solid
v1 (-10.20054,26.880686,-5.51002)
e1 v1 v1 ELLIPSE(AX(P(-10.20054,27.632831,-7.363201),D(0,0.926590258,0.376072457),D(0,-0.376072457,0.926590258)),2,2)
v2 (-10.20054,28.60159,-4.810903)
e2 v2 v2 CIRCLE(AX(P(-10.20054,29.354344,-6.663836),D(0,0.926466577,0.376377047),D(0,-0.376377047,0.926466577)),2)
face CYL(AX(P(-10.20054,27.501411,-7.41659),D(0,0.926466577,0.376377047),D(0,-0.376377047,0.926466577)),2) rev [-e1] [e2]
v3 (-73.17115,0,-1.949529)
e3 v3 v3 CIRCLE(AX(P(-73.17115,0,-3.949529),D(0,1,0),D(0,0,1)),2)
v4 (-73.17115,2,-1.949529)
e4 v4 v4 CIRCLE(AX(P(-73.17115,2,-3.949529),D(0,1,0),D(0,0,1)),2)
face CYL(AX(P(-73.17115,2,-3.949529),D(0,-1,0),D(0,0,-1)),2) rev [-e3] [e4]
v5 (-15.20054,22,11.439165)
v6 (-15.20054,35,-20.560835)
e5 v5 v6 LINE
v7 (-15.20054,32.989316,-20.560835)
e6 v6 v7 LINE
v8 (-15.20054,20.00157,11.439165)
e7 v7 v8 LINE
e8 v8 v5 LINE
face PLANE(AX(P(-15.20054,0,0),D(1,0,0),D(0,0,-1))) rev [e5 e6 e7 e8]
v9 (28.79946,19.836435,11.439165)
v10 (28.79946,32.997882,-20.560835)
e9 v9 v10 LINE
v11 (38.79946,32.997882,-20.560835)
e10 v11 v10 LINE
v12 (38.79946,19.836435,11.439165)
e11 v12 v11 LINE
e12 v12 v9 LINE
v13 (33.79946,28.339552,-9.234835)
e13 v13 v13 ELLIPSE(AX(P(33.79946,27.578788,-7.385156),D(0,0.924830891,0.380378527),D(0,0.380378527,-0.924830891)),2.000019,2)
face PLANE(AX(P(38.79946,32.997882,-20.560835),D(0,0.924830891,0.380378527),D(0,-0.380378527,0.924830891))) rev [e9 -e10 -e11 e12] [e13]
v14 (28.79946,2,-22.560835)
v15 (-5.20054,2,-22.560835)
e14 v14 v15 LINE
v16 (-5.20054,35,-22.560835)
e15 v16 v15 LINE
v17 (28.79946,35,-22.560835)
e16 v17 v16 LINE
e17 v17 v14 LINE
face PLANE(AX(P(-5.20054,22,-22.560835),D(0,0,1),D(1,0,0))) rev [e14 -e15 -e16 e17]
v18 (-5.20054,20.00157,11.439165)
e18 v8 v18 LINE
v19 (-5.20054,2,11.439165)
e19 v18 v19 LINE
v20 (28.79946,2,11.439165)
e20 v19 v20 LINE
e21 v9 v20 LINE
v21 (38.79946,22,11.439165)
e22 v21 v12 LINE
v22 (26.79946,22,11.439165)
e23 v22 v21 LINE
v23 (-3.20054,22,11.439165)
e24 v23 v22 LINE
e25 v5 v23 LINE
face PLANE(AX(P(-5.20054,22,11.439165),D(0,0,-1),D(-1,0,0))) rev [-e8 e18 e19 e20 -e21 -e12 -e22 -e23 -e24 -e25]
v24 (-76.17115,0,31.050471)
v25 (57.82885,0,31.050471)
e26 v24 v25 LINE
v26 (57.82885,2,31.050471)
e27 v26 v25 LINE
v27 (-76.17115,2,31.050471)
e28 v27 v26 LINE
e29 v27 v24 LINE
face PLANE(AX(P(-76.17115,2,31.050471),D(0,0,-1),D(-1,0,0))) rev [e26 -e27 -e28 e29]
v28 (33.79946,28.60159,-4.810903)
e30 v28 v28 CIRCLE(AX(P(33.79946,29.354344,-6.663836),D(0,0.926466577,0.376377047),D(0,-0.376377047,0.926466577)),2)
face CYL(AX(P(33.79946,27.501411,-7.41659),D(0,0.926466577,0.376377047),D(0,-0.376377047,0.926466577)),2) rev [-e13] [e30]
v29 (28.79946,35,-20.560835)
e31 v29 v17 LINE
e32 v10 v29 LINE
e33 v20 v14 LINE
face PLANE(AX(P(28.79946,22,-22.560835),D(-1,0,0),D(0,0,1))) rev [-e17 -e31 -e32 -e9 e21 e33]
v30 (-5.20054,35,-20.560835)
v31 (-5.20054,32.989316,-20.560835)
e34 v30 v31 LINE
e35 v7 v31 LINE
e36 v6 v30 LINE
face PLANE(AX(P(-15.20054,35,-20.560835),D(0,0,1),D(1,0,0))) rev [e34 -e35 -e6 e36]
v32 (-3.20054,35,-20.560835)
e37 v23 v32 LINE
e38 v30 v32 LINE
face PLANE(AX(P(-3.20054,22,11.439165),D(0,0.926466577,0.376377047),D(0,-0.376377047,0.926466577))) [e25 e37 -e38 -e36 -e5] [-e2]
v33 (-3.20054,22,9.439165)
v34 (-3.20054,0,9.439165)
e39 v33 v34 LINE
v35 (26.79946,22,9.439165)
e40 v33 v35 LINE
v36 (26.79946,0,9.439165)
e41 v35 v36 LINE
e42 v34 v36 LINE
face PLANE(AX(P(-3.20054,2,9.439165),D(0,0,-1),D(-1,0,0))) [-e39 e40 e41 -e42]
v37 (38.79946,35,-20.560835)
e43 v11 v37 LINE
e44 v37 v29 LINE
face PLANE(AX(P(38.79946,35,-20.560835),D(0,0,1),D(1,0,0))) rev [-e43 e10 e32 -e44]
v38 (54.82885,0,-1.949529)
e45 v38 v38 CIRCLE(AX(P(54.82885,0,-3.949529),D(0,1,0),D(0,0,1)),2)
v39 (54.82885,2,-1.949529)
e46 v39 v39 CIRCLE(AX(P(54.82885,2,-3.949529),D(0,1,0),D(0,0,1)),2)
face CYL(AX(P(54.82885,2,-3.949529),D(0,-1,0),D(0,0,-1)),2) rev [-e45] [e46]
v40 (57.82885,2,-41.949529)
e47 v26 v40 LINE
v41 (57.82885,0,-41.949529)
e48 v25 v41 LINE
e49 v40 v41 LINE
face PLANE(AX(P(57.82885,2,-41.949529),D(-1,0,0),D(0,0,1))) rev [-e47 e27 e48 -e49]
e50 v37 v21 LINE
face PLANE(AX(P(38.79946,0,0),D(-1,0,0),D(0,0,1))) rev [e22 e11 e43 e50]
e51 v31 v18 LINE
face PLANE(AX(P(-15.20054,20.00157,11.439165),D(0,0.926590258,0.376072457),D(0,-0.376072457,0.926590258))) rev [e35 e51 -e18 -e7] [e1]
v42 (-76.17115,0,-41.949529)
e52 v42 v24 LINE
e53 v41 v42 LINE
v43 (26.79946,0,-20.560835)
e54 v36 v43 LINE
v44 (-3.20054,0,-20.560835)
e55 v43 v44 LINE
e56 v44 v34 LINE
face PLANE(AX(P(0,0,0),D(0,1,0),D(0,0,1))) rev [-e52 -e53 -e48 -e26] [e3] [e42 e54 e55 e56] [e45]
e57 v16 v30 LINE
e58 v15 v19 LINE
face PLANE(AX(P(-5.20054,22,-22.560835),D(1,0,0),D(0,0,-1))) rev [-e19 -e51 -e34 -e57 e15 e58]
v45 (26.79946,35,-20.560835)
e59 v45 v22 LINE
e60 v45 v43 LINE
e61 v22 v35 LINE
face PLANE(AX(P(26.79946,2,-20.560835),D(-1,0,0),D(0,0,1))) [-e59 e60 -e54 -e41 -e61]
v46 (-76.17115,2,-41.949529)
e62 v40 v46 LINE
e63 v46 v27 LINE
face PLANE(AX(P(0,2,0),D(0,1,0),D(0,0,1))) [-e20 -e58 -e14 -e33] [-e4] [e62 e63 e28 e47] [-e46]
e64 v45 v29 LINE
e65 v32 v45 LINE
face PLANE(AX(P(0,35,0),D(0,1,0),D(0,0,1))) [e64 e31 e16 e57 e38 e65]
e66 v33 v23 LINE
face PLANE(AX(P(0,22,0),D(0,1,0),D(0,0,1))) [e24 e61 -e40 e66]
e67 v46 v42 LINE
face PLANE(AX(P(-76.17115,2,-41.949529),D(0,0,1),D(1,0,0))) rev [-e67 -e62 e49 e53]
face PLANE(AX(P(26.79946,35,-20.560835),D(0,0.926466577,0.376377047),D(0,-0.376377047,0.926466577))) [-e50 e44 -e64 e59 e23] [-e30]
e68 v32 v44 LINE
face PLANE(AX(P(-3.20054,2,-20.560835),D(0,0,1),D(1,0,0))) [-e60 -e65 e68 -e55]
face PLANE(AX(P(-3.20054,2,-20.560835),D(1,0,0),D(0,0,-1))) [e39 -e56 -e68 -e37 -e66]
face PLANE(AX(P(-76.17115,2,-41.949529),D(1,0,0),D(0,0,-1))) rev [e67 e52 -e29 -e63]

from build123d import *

# Parameters (mm, degrees)
SKETCH_1_W          = 134
SKETCH_1_H          = 73
SKETCH_1_R          = 2
SKETCH_1_W_2        = 30
SKETCH_1_H_2        = 30
EXTRUDE_1_DEPTH     = 2
SKETCH_2_W          = 34
SKETCH_2_H          = 34
SKETCH_2_W_2        = 30
SKETCH_2_H_2        = 30
EXTRUDE_2_DEPTH     = 20
SKETCH_3_W          = 34
SKETCH_3_H          = 2
EXTRUDE_4_DEPTH     = 13
EXTRUDE_5_DEPTH     = 2
EXTRUDE_6_DEPTH     = 2
EXTRUDE_8_DEPTH     = 10
EXTRUDE_9_DEPTH     = 10
SKETCH_9_R          = 2
CUT_EXTRUDE_1_DEPTH = 2


with BuildPart() as part:
    # 草图1 → 凸台-拉伸1 (new body)
    with BuildSketch(Plane(origin=(0, 0, 0), x_dir=(1, 0, 0), z_dir=(0, 1, 0))):
        with Locations((-9.171149658, 5.449528879)):
            Rectangle(SKETCH_1_W, SKETCH_1_H)
        with Locations(Location((-73.171149658, 3.949528879, 0), (0, 0, 270))):
            Circle(SKETCH_1_R, mode=Mode.SUBTRACT)
        with Locations(Location((54.828850342, 3.949528879, 0), (0, 0, 270))):
            Circle(SKETCH_1_R, mode=Mode.SUBTRACT)
        with Locations((11.799460463, 5.560834735)):
            Rectangle(SKETCH_1_W_2, SKETCH_1_H_2, mode=Mode.SUBTRACT)
    extrude(amount=EXTRUDE_1_DEPTH)

    # 草图2 → 凸台-拉伸2 (add)
    with BuildSketch(Plane(origin=(0, 2, 0), x_dir=(1, 0, 0), z_dir=(0, 1, 0))):
        with Locations((11.799460463, 5.560834735)):
            Rectangle(SKETCH_2_W, SKETCH_2_H)
        with Locations((11.799460463, 5.560834735)):
            Rectangle(SKETCH_2_W_2, SKETCH_2_H_2, mode=Mode.SUBTRACT)
    extrude(amount=EXTRUDE_2_DEPTH)

    # 草图3 → 凸台-拉伸4 (add)
    with BuildSketch(Plane(origin=(0, 22, 0), x_dir=(1, 0, 0), z_dir=(0, 1, 0))):
        with Locations((11.799460463, 21.560834735)):
            Rectangle(SKETCH_3_W, SKETCH_3_H)
    extrude(amount=EXTRUDE_4_DEPTH)

    # 草图5 → 凸台-拉伸5 (add)
    with BuildSketch(Plane(origin=(28.799460463, 0, 0), x_dir=(0, 0, -1), z_dir=(1, 0, 0))):
        Polygon((-11.439165265, 22), (20.560834735, 22), (20.560834735, 35), align=None)
    extrude(amount=-EXTRUDE_5_DEPTH)

    # 草图6 → 凸台-拉伸6 (add)
    with BuildSketch(Plane.ZY.offset(5.200539537)):
        Polygon((-20.560834735, 35), (-20.560834735, 22), (11.439165265, 22), align=None)
    extrude(amount=-EXTRUDE_6_DEPTH)

    # 草图8 → 凸台-拉伸8 (add)
    with BuildSketch(Plane.ZY.offset(5.200539537)):
        Polygon((11.439165265, 22), (11.439165265, 20.001570324), (-20.560834735, 32.989316021), (-20.560834735, 35), align=None)
    extrude(amount=EXTRUDE_8_DEPTH)

    # 草图7 → 凸台-拉伸9 (add)
    with BuildSketch(Plane(origin=(28.799460463, 0, 0), x_dir=(0, 0, -1), z_dir=(1, 0, 0))):
        Polygon((-11.439165265, 22), (20.560834735, 35), (20.560834735, 32.997882157), (-11.439165265, 19.836435038), align=None)
    extrude(amount=EXTRUDE_9_DEPTH)

    # 草图9 → 切除-拉伸1 (cut)
    with BuildSketch(Plane(origin=(0, 22.872332565, 9.291885105), x_dir=(1, 0, 0), z_dir=(0, 0.9264665771223091, 0.3763770469559383))):
        with Locations(Location((-10.200539537, 17.222122823, 0), (0, 0, 270))):
            Circle(SKETCH_9_R)
        with Locations(Location((33.799460463, 17.222122823, 0), (0, 0, 270))):
            Circle(SKETCH_9_R)
    extrude(amount=-CUT_EXTRUDE_1_DEPTH, mode=Mode.SUBTRACT)


solid = part.part
